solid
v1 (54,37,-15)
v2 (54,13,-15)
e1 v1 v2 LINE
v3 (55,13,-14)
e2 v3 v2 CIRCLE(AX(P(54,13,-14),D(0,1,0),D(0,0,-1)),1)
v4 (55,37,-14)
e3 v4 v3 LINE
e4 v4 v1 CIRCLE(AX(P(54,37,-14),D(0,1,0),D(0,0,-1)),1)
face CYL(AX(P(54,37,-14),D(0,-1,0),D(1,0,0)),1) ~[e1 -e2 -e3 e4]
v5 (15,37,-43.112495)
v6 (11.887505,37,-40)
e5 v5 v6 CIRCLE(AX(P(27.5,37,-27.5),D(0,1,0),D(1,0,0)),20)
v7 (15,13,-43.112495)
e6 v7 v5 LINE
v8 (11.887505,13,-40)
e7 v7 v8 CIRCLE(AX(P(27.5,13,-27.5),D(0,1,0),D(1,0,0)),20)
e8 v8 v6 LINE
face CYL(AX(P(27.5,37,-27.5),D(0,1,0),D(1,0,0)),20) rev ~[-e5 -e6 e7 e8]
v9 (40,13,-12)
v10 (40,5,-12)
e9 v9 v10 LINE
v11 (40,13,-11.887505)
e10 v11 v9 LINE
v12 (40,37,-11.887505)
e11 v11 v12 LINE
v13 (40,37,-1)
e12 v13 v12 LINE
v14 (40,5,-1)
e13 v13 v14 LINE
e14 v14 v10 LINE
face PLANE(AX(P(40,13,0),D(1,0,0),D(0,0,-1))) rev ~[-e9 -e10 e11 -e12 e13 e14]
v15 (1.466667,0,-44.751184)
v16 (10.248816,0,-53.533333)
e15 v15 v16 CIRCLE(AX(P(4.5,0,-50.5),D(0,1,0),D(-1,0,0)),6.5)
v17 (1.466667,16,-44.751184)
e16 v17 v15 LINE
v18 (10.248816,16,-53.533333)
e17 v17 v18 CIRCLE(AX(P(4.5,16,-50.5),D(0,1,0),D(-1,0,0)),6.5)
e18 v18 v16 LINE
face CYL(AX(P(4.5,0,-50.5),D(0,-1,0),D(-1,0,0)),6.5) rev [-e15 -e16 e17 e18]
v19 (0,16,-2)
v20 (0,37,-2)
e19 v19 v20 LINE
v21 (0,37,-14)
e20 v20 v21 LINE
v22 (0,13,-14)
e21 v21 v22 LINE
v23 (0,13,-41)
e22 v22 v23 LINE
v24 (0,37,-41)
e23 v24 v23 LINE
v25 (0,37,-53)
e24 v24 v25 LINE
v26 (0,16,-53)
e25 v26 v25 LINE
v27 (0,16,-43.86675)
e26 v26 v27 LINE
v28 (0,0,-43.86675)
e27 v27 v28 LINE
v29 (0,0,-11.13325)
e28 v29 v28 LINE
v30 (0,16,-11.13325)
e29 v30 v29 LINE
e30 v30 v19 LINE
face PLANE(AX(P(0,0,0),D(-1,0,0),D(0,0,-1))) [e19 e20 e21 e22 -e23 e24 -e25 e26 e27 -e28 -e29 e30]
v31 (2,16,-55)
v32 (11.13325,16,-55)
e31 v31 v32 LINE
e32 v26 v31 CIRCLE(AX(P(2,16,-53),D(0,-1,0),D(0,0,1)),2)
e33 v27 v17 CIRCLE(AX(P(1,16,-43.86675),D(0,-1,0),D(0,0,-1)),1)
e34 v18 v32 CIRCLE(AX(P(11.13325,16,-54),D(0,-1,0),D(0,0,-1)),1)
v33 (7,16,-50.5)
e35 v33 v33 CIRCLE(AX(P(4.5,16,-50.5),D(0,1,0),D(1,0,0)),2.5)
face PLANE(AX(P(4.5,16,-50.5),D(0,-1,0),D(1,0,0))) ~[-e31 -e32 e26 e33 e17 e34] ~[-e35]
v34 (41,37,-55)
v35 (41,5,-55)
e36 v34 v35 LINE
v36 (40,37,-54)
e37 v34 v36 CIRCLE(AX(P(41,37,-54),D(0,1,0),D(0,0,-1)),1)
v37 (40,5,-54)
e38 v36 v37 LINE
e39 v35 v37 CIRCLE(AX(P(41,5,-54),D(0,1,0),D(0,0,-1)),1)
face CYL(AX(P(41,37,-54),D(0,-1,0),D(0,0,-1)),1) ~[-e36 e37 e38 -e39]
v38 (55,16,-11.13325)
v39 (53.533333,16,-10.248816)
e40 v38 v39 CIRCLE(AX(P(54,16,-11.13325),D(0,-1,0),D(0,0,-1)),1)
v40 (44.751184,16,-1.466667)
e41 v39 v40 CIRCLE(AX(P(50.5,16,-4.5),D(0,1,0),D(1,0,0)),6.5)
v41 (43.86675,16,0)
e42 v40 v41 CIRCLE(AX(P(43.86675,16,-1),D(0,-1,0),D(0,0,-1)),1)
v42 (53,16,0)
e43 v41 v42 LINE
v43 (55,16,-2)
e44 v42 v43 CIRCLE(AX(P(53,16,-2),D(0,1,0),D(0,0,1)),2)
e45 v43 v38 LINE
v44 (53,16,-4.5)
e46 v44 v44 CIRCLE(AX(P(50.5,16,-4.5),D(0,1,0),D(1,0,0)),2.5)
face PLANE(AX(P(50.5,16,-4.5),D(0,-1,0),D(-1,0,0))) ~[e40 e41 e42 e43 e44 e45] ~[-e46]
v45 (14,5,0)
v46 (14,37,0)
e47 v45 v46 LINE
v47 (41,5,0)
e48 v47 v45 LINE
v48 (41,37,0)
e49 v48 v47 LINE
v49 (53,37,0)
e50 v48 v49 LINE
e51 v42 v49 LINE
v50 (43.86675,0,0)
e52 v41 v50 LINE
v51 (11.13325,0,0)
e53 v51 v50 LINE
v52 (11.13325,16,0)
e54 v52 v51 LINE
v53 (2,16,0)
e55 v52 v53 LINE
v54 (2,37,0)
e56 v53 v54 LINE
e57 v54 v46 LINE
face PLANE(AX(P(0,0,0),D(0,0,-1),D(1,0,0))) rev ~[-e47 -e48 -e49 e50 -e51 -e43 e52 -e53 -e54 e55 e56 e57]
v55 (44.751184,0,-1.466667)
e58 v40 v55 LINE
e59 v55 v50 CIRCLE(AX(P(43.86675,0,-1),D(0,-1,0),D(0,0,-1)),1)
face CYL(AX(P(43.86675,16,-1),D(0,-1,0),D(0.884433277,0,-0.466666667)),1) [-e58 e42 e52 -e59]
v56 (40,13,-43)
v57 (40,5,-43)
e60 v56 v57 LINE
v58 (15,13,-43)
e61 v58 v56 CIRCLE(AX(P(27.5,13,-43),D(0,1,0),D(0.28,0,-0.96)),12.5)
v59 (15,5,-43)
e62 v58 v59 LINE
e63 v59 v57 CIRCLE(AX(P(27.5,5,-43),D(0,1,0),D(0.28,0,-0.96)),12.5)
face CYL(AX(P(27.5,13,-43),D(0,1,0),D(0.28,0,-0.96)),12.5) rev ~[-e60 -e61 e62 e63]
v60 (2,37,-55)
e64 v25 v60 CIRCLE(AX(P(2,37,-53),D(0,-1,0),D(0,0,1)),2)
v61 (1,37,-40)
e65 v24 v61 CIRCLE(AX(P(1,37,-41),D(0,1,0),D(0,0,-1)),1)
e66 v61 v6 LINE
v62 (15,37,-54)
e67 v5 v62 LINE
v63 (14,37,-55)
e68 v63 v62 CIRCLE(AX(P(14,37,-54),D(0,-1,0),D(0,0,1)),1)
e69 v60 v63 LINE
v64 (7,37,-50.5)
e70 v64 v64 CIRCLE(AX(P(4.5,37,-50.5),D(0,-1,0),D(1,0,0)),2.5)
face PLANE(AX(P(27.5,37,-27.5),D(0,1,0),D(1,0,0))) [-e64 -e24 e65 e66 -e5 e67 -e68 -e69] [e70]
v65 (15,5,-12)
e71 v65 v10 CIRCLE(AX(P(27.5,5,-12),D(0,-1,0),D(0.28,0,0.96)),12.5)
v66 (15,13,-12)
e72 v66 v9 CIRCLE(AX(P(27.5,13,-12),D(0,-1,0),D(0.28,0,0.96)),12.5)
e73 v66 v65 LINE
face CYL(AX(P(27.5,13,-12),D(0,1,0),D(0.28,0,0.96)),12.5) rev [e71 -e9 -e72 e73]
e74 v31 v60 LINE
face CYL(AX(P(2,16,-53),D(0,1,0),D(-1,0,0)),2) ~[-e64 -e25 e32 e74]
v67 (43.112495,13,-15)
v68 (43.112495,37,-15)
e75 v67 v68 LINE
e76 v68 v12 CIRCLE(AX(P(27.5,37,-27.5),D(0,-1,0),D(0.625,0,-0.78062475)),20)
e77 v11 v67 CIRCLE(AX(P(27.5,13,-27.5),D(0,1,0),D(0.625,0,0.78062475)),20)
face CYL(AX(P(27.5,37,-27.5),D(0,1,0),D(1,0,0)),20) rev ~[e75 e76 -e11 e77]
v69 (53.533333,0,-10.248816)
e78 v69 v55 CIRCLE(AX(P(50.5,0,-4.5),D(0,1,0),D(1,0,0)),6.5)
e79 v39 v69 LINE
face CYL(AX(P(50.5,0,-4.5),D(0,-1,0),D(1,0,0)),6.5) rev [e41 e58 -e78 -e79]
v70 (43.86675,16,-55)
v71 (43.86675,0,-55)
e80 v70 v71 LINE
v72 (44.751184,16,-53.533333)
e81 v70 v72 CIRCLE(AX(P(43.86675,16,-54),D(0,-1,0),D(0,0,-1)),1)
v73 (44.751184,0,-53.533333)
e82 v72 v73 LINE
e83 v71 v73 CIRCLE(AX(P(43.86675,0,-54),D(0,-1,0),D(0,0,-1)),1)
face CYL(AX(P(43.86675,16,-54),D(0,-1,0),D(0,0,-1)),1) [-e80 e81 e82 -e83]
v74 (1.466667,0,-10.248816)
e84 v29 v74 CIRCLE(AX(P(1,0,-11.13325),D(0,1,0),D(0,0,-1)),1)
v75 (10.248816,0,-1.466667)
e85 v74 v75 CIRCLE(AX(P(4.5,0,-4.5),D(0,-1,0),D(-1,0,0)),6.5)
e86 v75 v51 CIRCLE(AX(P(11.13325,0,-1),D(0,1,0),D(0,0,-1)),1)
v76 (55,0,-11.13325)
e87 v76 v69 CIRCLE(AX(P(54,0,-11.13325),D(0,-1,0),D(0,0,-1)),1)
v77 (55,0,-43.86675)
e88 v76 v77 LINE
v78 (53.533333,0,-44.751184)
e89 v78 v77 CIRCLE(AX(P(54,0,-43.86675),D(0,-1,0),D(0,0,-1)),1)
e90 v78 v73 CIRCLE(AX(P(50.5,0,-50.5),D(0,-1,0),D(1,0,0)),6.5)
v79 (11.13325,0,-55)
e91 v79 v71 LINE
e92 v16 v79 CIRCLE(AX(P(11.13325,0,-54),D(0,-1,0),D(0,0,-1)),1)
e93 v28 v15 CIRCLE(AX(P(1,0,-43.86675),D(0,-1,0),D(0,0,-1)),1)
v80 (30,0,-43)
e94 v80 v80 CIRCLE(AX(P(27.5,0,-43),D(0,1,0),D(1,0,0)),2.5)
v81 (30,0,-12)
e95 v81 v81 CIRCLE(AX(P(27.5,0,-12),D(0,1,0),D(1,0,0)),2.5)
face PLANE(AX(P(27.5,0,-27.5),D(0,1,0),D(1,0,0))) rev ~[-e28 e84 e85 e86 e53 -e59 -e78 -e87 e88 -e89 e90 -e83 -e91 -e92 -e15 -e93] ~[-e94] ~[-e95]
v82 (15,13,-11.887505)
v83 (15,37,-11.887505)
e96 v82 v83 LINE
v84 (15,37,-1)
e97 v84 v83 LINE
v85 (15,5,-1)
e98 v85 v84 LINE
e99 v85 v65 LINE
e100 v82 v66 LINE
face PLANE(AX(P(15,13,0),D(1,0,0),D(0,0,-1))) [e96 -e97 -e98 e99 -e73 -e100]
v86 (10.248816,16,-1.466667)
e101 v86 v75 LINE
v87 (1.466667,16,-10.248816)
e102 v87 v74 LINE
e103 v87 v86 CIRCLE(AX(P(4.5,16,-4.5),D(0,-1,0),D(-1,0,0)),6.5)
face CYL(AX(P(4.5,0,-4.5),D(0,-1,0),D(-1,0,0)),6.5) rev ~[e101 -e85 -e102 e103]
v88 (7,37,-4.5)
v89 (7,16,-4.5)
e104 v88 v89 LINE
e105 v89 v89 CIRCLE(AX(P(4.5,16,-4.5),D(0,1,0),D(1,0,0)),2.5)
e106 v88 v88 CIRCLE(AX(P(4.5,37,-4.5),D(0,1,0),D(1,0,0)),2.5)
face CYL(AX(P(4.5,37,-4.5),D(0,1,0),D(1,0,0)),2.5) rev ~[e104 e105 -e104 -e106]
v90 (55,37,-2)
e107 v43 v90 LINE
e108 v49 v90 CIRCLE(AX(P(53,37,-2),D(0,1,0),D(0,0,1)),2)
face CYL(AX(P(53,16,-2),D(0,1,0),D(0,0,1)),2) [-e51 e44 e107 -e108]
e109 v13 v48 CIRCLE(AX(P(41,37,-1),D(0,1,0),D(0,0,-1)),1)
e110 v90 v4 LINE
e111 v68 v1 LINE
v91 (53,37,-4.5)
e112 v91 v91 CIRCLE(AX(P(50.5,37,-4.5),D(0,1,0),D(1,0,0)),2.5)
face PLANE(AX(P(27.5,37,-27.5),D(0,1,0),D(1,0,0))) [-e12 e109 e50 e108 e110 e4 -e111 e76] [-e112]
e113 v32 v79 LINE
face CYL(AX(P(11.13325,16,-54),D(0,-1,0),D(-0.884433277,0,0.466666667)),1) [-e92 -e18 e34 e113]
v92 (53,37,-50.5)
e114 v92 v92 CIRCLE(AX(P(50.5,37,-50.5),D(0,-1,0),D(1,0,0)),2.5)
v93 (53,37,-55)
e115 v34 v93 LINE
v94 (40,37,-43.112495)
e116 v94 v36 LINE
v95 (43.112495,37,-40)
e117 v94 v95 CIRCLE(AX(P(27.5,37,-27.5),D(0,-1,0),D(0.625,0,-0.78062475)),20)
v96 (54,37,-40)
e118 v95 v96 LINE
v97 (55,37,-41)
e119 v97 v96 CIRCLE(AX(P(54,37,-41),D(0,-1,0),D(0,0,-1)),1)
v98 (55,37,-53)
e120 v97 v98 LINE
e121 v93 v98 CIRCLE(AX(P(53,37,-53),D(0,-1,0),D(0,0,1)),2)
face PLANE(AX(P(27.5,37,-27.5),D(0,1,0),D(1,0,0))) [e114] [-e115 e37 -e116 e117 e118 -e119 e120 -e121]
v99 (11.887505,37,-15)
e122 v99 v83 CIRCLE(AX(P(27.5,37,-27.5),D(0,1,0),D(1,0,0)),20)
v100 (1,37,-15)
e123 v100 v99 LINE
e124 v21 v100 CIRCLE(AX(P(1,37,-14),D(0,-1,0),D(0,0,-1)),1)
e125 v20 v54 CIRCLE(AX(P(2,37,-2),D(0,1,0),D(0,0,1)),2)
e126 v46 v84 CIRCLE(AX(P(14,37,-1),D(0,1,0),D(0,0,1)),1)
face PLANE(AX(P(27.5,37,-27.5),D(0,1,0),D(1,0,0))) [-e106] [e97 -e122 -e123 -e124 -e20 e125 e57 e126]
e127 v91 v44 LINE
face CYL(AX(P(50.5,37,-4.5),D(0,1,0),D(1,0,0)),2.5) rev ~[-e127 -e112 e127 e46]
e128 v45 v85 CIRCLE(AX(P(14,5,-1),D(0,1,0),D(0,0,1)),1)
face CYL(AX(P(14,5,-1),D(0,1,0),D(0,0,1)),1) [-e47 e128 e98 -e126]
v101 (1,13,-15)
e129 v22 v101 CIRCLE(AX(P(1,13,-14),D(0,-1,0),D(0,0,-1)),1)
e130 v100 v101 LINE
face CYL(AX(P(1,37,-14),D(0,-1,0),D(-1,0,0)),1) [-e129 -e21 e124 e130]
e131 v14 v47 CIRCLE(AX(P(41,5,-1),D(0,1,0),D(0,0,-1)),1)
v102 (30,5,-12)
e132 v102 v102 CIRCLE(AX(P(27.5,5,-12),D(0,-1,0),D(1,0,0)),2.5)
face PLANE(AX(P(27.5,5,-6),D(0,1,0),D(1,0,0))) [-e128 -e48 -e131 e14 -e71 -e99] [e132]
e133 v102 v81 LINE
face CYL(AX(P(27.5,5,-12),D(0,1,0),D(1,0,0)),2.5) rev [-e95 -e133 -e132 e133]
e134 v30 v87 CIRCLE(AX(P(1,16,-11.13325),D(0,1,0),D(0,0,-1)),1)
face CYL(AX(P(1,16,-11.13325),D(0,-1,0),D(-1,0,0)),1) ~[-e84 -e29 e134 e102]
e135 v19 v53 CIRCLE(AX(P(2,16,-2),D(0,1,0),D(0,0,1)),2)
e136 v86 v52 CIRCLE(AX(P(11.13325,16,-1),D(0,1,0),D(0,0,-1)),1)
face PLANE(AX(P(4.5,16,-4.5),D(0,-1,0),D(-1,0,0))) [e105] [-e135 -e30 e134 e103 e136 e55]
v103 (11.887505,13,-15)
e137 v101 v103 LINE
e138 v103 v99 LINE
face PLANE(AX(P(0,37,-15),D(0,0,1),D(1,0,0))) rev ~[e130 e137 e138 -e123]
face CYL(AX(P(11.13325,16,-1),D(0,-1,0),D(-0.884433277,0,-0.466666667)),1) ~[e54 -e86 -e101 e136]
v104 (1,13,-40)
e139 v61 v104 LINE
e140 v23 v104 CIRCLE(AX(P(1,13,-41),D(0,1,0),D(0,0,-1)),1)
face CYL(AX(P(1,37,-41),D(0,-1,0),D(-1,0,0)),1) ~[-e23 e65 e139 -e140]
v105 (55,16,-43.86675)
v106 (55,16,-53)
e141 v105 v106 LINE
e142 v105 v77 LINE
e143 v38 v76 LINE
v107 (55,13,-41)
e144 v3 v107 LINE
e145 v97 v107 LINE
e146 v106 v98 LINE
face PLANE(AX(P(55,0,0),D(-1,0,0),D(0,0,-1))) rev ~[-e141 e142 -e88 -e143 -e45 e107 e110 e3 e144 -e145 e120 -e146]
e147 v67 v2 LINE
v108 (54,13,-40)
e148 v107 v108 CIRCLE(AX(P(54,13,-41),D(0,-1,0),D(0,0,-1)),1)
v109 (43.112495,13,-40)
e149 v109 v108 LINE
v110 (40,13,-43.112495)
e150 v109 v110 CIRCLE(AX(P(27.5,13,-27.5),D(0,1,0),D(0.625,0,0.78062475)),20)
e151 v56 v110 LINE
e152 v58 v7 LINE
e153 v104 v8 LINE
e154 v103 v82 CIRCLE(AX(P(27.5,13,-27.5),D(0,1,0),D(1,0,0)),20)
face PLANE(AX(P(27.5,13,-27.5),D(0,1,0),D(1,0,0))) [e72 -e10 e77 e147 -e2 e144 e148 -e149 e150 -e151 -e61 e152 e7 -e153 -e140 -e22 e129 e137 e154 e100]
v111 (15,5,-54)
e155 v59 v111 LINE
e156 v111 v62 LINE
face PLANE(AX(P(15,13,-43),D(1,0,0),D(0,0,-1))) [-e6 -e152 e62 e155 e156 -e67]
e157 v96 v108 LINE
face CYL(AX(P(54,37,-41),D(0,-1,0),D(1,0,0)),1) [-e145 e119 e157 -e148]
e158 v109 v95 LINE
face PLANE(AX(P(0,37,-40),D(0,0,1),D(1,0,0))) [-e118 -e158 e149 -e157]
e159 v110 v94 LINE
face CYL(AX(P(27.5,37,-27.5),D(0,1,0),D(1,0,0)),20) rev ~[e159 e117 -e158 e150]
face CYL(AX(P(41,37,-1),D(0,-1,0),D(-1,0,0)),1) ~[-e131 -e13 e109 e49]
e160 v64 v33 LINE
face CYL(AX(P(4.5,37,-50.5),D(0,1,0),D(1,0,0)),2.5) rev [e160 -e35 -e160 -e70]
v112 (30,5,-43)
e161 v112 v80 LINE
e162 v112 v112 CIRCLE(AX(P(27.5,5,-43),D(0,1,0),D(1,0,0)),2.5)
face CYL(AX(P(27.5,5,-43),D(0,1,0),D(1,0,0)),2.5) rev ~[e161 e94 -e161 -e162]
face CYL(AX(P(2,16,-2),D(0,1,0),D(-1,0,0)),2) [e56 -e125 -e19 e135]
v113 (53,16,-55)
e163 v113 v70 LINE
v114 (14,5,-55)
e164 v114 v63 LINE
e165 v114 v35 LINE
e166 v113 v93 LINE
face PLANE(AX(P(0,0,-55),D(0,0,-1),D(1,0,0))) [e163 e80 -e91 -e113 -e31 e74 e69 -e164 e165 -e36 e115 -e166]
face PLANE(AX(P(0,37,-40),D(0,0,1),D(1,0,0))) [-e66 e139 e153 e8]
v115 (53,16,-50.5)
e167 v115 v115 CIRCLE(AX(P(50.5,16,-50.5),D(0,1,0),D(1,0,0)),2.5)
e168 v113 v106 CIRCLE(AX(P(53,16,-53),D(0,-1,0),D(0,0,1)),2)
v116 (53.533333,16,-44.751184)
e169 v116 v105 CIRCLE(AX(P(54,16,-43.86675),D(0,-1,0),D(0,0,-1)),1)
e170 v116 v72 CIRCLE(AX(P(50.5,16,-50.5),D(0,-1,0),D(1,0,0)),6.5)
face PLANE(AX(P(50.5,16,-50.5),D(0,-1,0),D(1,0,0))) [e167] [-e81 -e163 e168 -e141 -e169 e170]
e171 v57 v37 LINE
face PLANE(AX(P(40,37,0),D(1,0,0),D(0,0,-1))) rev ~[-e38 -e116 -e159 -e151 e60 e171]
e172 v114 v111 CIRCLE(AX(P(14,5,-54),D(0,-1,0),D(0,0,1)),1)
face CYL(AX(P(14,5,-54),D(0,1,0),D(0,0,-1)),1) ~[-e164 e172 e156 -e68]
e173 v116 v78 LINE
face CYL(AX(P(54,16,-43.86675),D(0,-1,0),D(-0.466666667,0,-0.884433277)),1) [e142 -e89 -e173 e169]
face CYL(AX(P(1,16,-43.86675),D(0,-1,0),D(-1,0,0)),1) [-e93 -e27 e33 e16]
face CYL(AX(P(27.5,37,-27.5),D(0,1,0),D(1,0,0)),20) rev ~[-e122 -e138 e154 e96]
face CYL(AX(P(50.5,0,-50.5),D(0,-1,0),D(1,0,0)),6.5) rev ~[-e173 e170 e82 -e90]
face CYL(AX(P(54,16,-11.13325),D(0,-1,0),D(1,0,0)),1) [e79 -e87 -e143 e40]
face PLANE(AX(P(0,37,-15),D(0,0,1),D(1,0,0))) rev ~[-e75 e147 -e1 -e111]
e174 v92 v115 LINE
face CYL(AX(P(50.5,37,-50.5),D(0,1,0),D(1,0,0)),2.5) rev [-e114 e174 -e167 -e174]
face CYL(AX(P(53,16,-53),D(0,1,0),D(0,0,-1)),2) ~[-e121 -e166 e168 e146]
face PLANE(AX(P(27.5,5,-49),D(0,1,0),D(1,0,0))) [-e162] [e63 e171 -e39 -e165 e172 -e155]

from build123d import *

# Parameters (mm, degrees)
SKETCH1_W               = 55
SKETCH1_H               = 55
BOSS_EXTRUDE1_DEPTH     = 37
SKETCH2_R               = 20
CUT_EXTRUDE1_DEPTH      = 24
SKETCH3_W               = 25
SKETCH3_H               = 55
CUT_EXTRUDE2_DEPTH      = 24
SKETCH4_W               = 55
SKETCH4_H               = 25
CUT_EXTRUDE3_DEPTH      = 24
SKETCH5_R               = 2.5
CUT_EXTRUDE4_DEPTH      = 38
SKETCH6_R               = 2.5
CUT_EXTRUDE5_DEPTH      = 38
SKETCH8_R               = 6.5
CUT_EXTRUDE6_DEPTH      = 16
CUT_EXTRUDE11_DEPTH     = 8
SKETCH16_W              = 25
SKETCH16_H              = 12
CUT_EXTRUDE12_DEPTH     = 8
SKETCH17_W              = 25
SKETCH17_H              = 12
CUT_EXTRUDE13_DEPTH     = 8
SKETCH18_R              = 2.5
CUT_EXTRUDE14_DEPTH     = 6
MIRROR5_COPY_1_SKETCH_R = 6.5
MIRROR5_COPY_1_DEPTH    = 16
FILLET2_R               = 2
FILLET3_R               = 1
FILLET4_R               = 1


with BuildPart() as part:
    # Sketch1 → Boss-Extrude1 (new body)
    with BuildSketch(Plane(origin=(0, 0, 0), x_dir=(1, 0, 0), z_dir=(0, 1, 0))):
        with Locations((27.5, 27.5)):
            Rectangle(SKETCH1_W, SKETCH1_H)
    extrude(amount=BOSS_EXTRUDE1_DEPTH)

    # Sketch2 → Cut-Extrude1 (cut)
    with BuildSketch(Plane(origin=(0, 37, 0), x_dir=(1, 0, 0), z_dir=(0, 1, 0))):
        with Locations((27.5, 27.5)):
            Circle(SKETCH2_R)
    extrude(amount=-CUT_EXTRUDE1_DEPTH, mode=Mode.SUBTRACT)

    # Sketch3 → Cut-Extrude2 (cut)
    with BuildSketch(Plane(origin=(0, 37, 0), x_dir=(1, 0, 0), z_dir=(0, 1, 0))):
        with Locations((27.5, 27.5)):
            Rectangle(SKETCH3_W, SKETCH3_H)
    cut_extrude2 = extrude(amount=-CUT_EXTRUDE2_DEPTH, mode=Mode.SUBTRACT)

    # Sketch4 → Cut-Extrude3 (cut)
    with BuildSketch(Plane(origin=(0, 37, 0), x_dir=(1, 0, 0), z_dir=(0, 1, 0))):
        with Locations((27.5, 27.5)):
            Rectangle(SKETCH4_W, SKETCH4_H)
    extrude(amount=-CUT_EXTRUDE3_DEPTH, mode=Mode.SUBTRACT)

    # Sketch5 → Cut-Extrude4 (cut, through all)
    with BuildSketch(Plane(origin=(0, 37, 0), x_dir=(1, 0, 0), z_dir=(0, 1, 0))):
        with Locations((4.5, 4.5)):
            Circle(SKETCH5_R)
    cut_extrude4 = extrude(amount=-CUT_EXTRUDE4_DEPTH, mode=Mode.SUBTRACT)

    # Sketch6 → Cut-Extrude5 (cut, through all)
    with BuildSketch(Plane(origin=(0, 37, 0), x_dir=(1, 0, 0), z_dir=(0, 1, 0))):
        with Locations((50.5, 4.5)):
            Circle(SKETCH6_R)
    cut_extrude5 = extrude(amount=-CUT_EXTRUDE5_DEPTH, mode=Mode.SUBTRACT)

    # Mirror1: Cut-Extrude4, Cut-Extrude5 across plane
    add(cut_extrude4.mirror(Plane(origin=(0, 0, -27.5), x_dir=(1, 0, 0), z_dir=(0, 0, -1))), mode=Mode.SUBTRACT)
    add(cut_extrude5.mirror(Plane(origin=(0, 0, -27.5), x_dir=(1, 0, 0), z_dir=(0, 0, -1))), mode=Mode.SUBTRACT)

    # Sketch8 → Cut-Extrude6 (cut)
    with BuildSketch(Plane.XZ):
        with Locations((50.5, -50.5)):
            Circle(SKETCH8_R)
    cut_extrude6 = extrude(amount=-CUT_EXTRUDE6_DEPTH, mode=Mode.SUBTRACT)

    # Sketch15 → Cut-Extrude11 (cut)
    with BuildSketch(Plane(origin=(0, 13, 0), x_dir=(1, 0, 0), z_dir=(0, 1, 0))):
        with BuildLine():
            ThreePointArc((24, 55), (20, 33), (40, 43))
            ThreePointArc((40, 43), (37.5, 50.5), (31, 55))
            Line((31, 55), (24, 55))
        make_face()
        with BuildLine():
            Line((24, 55), (31, 55))
            ThreePointArc((31, 55), (27.5, 55.5), (24, 55))
        make_face()
    cut_extrude11 = extrude(amount=-CUT_EXTRUDE11_DEPTH, mode=Mode.SUBTRACT)

    # Sketch16 → Cut-Extrude12 (cut)
    with BuildSketch(Plane(origin=(0, 13, 0), x_dir=(1, 0, 0), z_dir=(0, 1, 0))):
        with Locations((27.5, 49)):
            Rectangle(SKETCH16_W, SKETCH16_H)
    extrude(amount=-CUT_EXTRUDE12_DEPTH, mode=Mode.SUBTRACT)

    # Mirror2: Cut-Extrude2, Cut-Extrude11 across plane
    add(cut_extrude2.mirror(Plane(origin=(0, 0, -27.5), x_dir=(1, 0, 0), z_dir=(0, 0, -1))), mode=Mode.SUBTRACT)
    add(cut_extrude11.mirror(Plane(origin=(0, 0, -27.5), x_dir=(1, 0, 0), z_dir=(0, 0, -1))), mode=Mode.SUBTRACT)

    # Sketch17 → Cut-Extrude13 (cut)
    with BuildSketch(Plane(origin=(0, 13, 0), x_dir=(1, 0, 0), z_dir=(0, 1, 0))):
        with Locations((27.5, 6)):
            Rectangle(SKETCH17_W, SKETCH17_H)
    extrude(amount=-CUT_EXTRUDE13_DEPTH, mode=Mode.SUBTRACT)

    # Sketch18 → Cut-Extrude14 (cut, through all)
    with BuildSketch(Plane(origin=(0, 5, 0), x_dir=(1, 0, 0), z_dir=(0, 1, 0))):
        with Locations((27.5, 43)):
            Circle(SKETCH18_R)
    cut_extrude14 = extrude(amount=-CUT_EXTRUDE14_DEPTH, mode=Mode.SUBTRACT)

    # Mirror3: Cut-Extrude14 across plane
    add(cut_extrude14.mirror(Plane(origin=(0, 0, -27.5), x_dir=(1, 0, 0), z_dir=(0, 0, -1))), mode=Mode.SUBTRACT)

    # Mirror4: Cut-Extrude6 across plane
    add(cut_extrude6.mirror(Plane(origin=(27.5, 0, 0), x_dir=(0, 0, 1), z_dir=(1, 0, 0))), mode=Mode.SUBTRACT)

    # Mirror5: Cut-Extrude6 across plane
    add(cut_extrude6.mirror(Plane(origin=(0, 0, -27.5), x_dir=(1, 0, 0), z_dir=(0, 0, -1))), mode=Mode.SUBTRACT)

    # Mirror5 copy 1 sketch → Mirror5 copy 1 (cut)
    with BuildSketch(Plane(origin=(55, 0, -55), x_dir=(-1, 0, 0), z_dir=(0, -1, 0))):
        with Locations((50.5, -50.5)):
            Circle(MIRROR5_COPY_1_SKETCH_R)
    extrude(amount=-MIRROR5_COPY_1_DEPTH, mode=Mode.SUBTRACT)

    # Fillet2
    fillet2_edges = [part.edges().sort_by_distance(p)[0] for p in [
        (0, 26.5, -55),
        (55, 26.5, -55),
        (55, 26.5, 0),
        (0, 26.5, 0),
    ]]
    fillet(fillet2_edges, radius=FILLET2_R)

    # Fillet3
    fillet3_edges = [part.edges().sort_by_distance(p)[0] for p in [
        (55, 8, -45.80958424),
        (45.80958424, 8, -55),
        (0, 8, -45.80958424),
        (9.19041576, 8, -55),
        (0, 8, -9.19041576),
        (9.19041576, 8, 0),
        (45.80958424, 8, 0),
        (55, 8, -9.19041576),
    ]]
    fillet(fillet3_edges, radius=FILLET3_R)

    # Fillet4
    fillet4_edges = [part.edges().sort_by_distance(p)[0] for p in [
        (15, 21, 0),
        (40, 21, -55),
        (15, 21, -55),
        (40, 21, 0),
        (0, 25, -40),
        (55, 25, -15),
        (0, 25, -15),
        (55, 25, -40),
    ]]
    fillet(fillet4_edges, radius=FILLET4_R)


solid = part.part
